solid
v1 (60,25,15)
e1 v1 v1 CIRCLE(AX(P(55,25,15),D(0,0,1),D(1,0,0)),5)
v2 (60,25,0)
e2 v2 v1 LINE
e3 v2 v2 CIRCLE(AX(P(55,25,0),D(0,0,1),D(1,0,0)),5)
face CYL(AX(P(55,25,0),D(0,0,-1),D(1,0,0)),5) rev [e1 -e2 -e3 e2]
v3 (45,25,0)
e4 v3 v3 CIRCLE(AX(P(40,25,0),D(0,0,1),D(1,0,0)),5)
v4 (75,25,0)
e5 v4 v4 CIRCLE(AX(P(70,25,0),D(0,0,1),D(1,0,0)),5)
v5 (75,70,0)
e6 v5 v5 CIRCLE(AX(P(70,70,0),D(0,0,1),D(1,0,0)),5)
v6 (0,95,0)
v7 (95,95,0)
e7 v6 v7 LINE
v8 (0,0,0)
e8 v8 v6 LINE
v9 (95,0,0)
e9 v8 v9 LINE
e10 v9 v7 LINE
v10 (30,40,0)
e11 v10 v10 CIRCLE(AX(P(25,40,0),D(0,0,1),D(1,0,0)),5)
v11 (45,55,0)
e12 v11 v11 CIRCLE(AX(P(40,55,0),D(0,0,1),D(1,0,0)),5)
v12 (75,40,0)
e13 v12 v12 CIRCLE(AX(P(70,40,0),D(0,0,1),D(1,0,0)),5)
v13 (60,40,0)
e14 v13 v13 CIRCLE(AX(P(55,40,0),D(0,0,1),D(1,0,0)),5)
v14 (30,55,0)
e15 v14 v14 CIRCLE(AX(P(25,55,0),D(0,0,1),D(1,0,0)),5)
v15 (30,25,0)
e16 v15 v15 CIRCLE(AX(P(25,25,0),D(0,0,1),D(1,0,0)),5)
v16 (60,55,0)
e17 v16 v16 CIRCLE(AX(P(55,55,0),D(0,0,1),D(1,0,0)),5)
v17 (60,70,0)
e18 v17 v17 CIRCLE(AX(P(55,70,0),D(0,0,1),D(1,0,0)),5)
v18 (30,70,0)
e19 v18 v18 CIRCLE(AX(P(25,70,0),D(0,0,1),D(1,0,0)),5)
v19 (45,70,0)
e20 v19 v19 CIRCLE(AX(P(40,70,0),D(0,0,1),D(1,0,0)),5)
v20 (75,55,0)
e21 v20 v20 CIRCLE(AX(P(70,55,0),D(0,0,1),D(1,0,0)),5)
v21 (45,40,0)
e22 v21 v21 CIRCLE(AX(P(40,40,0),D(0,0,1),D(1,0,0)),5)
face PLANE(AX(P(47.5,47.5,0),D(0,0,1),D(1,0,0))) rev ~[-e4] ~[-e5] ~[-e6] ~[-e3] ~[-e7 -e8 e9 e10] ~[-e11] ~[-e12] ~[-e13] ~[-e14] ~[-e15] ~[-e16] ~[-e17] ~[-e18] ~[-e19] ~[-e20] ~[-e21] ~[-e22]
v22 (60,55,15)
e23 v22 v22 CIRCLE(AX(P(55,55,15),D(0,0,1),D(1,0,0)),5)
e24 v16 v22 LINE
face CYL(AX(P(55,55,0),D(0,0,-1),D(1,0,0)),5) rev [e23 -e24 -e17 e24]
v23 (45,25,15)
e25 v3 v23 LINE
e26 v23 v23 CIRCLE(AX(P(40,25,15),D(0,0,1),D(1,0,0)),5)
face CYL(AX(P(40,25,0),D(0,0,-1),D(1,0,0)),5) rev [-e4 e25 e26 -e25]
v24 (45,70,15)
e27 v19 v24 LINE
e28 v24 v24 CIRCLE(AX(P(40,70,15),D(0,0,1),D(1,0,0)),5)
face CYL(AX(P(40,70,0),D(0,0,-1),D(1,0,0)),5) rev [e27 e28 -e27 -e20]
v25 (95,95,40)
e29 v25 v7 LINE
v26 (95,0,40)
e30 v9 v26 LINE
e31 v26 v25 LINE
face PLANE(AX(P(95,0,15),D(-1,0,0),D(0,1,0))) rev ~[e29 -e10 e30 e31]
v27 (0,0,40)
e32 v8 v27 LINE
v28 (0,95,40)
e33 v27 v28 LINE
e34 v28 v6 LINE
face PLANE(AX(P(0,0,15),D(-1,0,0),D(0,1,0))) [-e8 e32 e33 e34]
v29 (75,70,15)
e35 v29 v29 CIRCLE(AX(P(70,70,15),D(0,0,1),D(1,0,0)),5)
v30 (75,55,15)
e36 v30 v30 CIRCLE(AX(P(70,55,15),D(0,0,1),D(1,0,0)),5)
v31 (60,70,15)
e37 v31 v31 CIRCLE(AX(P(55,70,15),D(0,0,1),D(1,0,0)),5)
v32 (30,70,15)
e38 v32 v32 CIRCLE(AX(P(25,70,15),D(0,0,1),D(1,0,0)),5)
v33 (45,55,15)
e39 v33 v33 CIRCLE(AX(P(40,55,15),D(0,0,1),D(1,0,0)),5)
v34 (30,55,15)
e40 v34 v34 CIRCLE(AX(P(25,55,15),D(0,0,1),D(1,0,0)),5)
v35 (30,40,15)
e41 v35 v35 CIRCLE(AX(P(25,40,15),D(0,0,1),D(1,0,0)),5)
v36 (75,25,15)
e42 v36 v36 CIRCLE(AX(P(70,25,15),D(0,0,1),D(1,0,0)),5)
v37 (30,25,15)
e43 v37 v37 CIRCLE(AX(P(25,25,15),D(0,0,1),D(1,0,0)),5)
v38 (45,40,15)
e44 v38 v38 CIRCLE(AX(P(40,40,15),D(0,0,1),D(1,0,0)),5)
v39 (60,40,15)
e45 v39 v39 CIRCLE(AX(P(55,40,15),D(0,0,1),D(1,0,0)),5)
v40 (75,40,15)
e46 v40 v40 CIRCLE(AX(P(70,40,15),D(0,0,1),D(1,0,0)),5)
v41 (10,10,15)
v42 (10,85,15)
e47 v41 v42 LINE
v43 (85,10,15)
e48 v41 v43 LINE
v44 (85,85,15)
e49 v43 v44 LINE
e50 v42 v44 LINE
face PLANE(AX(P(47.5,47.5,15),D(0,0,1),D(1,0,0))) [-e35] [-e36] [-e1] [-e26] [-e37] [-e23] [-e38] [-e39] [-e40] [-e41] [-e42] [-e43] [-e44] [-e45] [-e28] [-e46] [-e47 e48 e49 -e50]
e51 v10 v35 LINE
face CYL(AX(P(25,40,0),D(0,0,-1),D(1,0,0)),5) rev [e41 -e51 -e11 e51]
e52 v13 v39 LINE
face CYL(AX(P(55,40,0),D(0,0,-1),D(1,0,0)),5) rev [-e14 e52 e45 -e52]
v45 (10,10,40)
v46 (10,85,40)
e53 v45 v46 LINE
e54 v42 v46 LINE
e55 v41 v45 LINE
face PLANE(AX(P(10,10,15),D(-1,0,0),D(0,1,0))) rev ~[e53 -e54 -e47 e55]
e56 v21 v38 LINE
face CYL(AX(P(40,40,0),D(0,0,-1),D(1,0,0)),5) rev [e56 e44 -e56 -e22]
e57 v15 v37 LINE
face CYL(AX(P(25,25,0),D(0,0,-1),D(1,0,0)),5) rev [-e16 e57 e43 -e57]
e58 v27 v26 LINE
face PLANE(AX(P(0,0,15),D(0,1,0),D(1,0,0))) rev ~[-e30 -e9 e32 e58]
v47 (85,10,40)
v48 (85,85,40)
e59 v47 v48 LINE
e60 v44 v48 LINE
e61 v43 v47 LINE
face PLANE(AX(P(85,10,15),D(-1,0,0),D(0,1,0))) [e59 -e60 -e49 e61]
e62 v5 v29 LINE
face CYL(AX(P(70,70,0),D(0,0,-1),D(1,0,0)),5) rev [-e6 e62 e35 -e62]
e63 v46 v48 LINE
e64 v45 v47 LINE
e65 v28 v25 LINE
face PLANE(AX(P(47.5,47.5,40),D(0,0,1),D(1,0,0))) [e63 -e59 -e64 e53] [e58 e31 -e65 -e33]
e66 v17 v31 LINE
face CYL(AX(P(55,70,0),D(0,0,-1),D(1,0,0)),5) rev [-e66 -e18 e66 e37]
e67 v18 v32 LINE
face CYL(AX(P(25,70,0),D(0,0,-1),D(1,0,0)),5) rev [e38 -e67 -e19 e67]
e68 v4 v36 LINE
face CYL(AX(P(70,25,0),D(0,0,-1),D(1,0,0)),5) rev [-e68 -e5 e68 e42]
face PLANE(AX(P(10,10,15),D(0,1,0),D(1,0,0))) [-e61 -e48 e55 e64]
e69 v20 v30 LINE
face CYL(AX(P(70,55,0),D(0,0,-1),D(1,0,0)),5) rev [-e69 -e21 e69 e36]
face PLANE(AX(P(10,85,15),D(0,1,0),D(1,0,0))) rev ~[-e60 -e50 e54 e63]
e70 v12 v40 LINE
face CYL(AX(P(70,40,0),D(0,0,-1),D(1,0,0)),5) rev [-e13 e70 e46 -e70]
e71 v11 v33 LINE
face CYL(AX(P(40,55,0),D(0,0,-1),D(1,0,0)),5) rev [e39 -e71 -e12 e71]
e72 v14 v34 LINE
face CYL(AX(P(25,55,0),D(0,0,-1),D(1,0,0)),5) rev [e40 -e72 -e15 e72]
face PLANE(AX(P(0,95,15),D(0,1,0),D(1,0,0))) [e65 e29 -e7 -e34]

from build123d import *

# Parameters (mm, degrees)
F0_W     = 95
F0_H     = 95
F0_R     = 5
F1_DEPTH = 15
F2_W     = 95
F2_H     = 95
F2_W_2   = 75
F2_H_2   = 75
F3_DEPTH = 25


with BuildPart() as f1:
    # F0 (on Top) → F1 (new body)
    with BuildSketch(Plane.XY):
        with Locations((47.5, 47.5)):
            Rectangle(F0_W, F0_H)
        with Locations((25, 25)):
            Circle(F0_R, mode=Mode.SUBTRACT)
        with Locations((40, 25)):
            Circle(F0_R, mode=Mode.SUBTRACT)
        with Locations((25, 40)):
            Circle(F0_R, mode=Mode.SUBTRACT)
        with Locations((40, 40)):
            Circle(F0_R, mode=Mode.SUBTRACT)
        with Locations((55, 25)):
            Circle(F0_R, mode=Mode.SUBTRACT)
        with Locations((70, 25)):
            Circle(F0_R, mode=Mode.SUBTRACT)
        with Locations((55, 40)):
            Circle(F0_R, mode=Mode.SUBTRACT)
        with Locations((70, 40)):
            Circle(F0_R, mode=Mode.SUBTRACT)
        with Locations((25, 55)):
            Circle(F0_R, mode=Mode.SUBTRACT)
        with Locations((40, 55)):
            Circle(F0_R, mode=Mode.SUBTRACT)
        with Locations((25, 70)):
            Circle(F0_R, mode=Mode.SUBTRACT)
        with Locations((40, 70)):
            Circle(F0_R, mode=Mode.SUBTRACT)
        with Locations((55, 55)):
            Circle(F0_R, mode=Mode.SUBTRACT)
        with Locations((70, 55)):
            Circle(F0_R, mode=Mode.SUBTRACT)
        with Locations((55, 70)):
            Circle(F0_R, mode=Mode.SUBTRACT)
        with Locations((70, 70)):
            Circle(F0_R, mode=Mode.SUBTRACT)
    extrude(amount=F1_DEPTH)

    # F2 (on face) → F3 (join)
    with BuildSketch(Plane.XY.offset(15)):
        with Locations((47.5, 47.5)):
            Rectangle(F2_W, F2_H)
        with Locations((47.5, 47.5)):
            Rectangle(F2_W_2, F2_H_2, mode=Mode.SUBTRACT)
    extrude(amount=F3_DEPTH)


solid = f1.part
